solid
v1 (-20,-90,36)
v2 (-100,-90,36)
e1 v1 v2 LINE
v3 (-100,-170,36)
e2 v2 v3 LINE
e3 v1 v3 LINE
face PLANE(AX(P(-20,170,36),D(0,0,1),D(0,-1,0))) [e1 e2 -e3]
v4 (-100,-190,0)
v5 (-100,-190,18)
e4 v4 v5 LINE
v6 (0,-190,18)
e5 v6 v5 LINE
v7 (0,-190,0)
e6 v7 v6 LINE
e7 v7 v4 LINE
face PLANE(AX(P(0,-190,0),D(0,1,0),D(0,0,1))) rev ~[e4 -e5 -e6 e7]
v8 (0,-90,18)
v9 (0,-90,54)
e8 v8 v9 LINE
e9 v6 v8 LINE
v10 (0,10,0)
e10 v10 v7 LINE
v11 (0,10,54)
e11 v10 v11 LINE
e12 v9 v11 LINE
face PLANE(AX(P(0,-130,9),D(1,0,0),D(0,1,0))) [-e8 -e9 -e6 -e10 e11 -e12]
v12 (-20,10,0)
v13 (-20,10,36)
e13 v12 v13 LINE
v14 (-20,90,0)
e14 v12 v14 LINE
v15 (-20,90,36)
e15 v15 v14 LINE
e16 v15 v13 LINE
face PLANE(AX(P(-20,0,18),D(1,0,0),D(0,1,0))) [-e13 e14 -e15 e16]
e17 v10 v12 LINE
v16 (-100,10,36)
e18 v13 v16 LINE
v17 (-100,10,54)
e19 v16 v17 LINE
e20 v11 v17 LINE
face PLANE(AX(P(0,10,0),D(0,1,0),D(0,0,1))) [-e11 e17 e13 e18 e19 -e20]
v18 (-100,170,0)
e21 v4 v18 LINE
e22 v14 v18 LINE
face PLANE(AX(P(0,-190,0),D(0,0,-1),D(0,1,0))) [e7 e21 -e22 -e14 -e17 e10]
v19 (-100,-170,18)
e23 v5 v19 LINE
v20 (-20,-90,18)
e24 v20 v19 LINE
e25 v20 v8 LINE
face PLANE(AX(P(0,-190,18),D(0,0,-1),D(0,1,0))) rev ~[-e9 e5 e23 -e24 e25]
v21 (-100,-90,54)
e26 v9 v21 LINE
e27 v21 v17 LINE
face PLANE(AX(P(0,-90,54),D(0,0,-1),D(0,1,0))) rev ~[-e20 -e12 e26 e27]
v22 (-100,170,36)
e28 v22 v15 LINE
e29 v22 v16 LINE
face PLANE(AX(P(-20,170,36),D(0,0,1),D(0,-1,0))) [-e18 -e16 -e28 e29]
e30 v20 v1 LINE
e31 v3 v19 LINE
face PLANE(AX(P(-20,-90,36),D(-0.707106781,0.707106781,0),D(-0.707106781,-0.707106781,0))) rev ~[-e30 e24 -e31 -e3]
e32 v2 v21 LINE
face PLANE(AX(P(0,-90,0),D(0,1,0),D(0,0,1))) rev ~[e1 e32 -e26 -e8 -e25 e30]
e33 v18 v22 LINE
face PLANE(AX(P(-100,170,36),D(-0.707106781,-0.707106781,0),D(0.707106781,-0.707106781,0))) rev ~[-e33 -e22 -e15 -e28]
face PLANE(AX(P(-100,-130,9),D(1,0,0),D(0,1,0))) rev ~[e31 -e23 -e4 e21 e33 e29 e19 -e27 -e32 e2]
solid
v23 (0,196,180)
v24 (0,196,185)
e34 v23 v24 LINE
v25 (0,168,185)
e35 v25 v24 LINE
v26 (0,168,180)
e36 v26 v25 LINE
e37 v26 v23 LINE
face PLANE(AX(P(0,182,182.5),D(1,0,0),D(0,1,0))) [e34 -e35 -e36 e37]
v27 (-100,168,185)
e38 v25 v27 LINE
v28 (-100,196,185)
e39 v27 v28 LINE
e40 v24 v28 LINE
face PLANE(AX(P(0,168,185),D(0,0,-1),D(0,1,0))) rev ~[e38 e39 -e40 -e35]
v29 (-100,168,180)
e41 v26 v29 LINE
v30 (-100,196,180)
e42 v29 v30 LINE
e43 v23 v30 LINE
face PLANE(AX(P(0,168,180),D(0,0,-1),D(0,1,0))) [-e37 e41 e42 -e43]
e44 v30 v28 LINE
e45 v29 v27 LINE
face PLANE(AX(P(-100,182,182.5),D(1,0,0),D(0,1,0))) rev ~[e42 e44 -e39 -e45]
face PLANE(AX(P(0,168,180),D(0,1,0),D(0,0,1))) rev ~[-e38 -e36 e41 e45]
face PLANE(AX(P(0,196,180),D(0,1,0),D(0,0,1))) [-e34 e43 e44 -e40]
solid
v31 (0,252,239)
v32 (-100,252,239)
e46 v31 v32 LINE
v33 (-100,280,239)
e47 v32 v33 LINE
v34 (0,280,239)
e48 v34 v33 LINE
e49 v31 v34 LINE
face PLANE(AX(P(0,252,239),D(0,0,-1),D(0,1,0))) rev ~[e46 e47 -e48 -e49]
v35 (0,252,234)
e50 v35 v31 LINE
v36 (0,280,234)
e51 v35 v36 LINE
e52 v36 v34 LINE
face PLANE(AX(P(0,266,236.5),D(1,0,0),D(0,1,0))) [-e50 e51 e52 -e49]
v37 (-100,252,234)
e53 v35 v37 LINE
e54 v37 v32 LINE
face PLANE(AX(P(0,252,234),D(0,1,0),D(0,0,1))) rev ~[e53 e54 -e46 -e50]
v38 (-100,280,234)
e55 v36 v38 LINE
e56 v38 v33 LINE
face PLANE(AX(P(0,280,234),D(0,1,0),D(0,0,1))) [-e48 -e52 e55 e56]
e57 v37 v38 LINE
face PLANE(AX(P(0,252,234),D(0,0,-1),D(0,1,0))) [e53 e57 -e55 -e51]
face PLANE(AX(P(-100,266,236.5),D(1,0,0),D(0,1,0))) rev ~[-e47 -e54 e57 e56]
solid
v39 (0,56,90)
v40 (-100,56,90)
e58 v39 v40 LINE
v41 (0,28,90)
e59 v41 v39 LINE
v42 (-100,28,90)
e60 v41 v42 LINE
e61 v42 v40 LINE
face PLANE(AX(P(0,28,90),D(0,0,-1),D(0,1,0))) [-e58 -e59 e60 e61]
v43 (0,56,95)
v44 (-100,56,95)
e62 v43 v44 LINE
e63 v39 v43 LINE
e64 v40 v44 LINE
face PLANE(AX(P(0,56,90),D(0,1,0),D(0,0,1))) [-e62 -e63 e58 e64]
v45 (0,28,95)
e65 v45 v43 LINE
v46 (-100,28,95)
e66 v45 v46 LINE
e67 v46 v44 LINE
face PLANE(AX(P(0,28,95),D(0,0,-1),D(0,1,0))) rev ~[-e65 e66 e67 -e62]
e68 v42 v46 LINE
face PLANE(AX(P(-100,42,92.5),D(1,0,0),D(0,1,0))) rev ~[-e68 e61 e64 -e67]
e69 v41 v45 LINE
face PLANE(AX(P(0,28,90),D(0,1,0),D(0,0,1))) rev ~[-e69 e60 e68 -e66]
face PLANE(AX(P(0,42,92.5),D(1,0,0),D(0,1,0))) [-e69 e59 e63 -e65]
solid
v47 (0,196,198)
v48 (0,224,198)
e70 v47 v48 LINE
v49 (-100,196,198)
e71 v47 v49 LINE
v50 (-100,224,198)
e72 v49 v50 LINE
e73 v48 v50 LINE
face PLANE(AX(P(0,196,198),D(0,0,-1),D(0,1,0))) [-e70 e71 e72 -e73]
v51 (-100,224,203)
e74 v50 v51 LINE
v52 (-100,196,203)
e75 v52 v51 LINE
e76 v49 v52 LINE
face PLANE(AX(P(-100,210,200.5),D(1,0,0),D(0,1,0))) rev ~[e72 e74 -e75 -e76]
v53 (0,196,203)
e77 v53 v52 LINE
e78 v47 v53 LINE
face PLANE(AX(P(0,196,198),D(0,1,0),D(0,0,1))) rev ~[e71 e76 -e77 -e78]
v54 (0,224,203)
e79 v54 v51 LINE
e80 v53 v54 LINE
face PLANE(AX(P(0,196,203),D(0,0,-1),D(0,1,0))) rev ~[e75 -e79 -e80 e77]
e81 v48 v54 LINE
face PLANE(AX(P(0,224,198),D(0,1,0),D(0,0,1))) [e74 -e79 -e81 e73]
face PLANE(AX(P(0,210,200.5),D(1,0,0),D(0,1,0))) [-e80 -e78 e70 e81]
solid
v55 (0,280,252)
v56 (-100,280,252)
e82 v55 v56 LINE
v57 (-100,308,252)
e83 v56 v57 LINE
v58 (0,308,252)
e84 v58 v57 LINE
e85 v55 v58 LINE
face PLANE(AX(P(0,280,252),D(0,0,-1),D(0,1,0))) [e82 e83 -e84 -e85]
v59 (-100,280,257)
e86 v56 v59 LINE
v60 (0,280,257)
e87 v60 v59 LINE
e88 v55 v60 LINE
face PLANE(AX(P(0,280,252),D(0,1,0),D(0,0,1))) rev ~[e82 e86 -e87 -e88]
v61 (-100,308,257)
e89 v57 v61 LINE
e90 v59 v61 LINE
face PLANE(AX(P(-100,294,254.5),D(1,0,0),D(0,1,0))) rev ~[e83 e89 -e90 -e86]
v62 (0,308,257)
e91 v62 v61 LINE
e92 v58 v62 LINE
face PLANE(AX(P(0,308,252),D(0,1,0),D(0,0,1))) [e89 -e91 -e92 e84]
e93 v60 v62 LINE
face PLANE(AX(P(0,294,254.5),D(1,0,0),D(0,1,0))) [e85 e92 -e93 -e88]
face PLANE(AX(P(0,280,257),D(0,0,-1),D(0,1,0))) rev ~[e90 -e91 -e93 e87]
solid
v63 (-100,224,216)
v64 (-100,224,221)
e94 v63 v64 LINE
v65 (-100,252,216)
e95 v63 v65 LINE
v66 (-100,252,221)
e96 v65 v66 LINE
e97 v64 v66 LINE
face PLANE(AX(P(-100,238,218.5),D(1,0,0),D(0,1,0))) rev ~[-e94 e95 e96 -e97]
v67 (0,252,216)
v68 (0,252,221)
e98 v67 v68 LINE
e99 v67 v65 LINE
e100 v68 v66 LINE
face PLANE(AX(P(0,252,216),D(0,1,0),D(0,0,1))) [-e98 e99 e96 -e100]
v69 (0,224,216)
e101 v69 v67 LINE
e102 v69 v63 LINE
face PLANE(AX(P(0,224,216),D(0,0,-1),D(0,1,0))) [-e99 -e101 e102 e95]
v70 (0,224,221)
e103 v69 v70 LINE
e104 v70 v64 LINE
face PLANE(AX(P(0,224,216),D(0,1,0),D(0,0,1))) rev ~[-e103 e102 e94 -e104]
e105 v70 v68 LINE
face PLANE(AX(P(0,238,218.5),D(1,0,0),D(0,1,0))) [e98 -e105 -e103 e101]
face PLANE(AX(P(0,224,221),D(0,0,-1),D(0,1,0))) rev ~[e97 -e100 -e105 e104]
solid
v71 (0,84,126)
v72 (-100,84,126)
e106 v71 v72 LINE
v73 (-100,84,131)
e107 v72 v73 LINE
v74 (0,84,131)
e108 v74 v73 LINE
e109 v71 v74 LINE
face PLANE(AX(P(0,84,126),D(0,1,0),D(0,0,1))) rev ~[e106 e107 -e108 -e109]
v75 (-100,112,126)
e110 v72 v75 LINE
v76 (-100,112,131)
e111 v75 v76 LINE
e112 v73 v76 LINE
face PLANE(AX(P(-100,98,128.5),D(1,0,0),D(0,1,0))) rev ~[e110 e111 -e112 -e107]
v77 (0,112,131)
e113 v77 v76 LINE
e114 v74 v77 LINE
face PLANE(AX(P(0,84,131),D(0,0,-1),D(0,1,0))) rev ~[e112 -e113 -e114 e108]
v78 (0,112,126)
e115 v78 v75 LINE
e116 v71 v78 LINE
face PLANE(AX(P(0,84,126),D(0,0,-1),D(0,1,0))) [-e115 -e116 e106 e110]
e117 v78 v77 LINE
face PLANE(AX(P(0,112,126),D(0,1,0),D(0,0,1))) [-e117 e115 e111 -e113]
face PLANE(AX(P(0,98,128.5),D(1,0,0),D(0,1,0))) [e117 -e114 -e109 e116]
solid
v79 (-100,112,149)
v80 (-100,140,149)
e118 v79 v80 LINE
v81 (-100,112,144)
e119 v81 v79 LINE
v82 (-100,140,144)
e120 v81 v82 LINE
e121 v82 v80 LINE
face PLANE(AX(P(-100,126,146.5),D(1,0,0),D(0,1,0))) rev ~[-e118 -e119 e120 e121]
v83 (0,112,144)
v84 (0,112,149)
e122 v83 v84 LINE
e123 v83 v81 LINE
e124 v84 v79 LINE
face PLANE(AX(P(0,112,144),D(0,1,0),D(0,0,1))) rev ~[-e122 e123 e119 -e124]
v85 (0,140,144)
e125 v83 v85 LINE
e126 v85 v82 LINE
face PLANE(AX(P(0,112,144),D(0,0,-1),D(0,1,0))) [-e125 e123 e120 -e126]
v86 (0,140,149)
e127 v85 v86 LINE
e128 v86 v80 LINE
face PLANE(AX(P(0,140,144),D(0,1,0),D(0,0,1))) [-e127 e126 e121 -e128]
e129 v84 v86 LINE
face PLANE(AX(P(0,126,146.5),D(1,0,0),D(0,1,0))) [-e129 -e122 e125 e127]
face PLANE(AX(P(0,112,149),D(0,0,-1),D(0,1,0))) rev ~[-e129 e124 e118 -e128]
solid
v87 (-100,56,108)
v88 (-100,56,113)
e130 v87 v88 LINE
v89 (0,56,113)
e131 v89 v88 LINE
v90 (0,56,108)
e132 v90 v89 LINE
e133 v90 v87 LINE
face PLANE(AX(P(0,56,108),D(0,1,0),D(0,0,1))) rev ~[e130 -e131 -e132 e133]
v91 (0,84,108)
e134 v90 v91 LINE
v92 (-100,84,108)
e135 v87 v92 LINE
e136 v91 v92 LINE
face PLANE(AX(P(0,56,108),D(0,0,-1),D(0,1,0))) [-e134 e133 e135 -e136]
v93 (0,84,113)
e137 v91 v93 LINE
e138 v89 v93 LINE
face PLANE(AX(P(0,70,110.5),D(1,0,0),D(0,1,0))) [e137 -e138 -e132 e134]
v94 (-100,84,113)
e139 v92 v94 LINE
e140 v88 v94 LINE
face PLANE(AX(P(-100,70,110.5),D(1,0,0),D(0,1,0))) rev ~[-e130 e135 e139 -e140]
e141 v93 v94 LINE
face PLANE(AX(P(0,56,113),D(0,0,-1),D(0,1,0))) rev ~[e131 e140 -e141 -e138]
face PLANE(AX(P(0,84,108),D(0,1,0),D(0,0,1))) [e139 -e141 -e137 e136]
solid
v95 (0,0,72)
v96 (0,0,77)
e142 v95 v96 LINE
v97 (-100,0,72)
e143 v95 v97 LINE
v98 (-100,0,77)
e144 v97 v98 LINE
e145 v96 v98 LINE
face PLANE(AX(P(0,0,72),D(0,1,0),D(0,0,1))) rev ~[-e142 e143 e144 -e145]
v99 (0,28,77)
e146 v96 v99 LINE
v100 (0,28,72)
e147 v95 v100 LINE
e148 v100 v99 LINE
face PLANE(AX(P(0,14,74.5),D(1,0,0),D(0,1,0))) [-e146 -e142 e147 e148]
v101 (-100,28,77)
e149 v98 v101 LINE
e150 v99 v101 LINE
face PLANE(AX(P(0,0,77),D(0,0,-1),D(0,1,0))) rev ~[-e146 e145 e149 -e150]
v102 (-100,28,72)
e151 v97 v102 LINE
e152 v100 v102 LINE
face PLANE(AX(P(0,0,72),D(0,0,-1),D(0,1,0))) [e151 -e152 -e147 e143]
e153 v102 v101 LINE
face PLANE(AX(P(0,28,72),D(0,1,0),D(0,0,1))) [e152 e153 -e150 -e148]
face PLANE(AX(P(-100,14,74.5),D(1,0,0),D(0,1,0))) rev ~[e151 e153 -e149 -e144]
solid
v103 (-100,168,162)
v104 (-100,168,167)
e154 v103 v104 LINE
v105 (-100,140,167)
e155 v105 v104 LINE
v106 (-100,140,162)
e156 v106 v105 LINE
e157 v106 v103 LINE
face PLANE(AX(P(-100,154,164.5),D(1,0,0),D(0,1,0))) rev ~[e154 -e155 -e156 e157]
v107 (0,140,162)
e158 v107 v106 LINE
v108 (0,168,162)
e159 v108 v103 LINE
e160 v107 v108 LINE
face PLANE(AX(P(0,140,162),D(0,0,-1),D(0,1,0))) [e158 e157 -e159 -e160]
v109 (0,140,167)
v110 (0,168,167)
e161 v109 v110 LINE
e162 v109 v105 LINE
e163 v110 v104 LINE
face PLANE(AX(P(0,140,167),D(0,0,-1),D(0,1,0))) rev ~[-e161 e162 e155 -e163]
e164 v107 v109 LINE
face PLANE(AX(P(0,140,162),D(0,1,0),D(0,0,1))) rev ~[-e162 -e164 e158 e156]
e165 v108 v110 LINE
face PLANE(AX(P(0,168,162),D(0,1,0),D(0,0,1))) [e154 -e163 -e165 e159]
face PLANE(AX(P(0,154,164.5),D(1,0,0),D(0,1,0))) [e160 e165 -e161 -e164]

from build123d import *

# Parameters (mm, degrees)
F1_START  = -20
F1_DEPTH  = 80
F2_W      = 28
F2_H      = 5
F3_DEPTH  = 100
F4_W      = 120
F4_H      = 18
F5_DEPTH  = 100
F6_W      = 100
F6_H      = 54
F7_DEPTH  = 100
F9_DEPTH  = 18
F11_DEPTH = 86


with BuildPart() as f1:
    # F0 (on Right) → F1 (new body)
    with BuildSketch(Plane.YZ.offset(F1_START)):
        Polygon((-170, 36), (-170, 0), (0, 0), (170, 0), (170, 36), (0, 36), align=None)
    extrude(amount=-F1_DEPTH)

    # F4 (on Right) → F5 (join)
    with BuildSketch(Plane.YZ):
        with Locations((-130, 9)):
            Rectangle(F4_W, F4_H)
    extrude(amount=-F5_DEPTH)

    # F6 (on Right) → F7 (join)
    with BuildSketch(Plane.YZ):
        with Locations((-40, 27)):
            Rectangle(F6_W, F6_H)
    extrude(amount=-F7_DEPTH)

    # F8 (on face) → F9 (cut)
    with BuildSketch(Plane.XY.offset(36)):
        Polygon((-20, -90), (-100, -170), (-20, -170), align=None)
    extrude(amount=-F9_DEPTH, mode=Mode.SUBTRACT)

    # F10 (on face) → F11 (cut)
    with BuildSketch(Plane.XY.offset(36)):
        Polygon((-20, 170), (-100, 170), (-20, 90), align=None)
    extrude(amount=-F11_DEPTH, mode=Mode.SUBTRACT)


with BuildPart() as f3:
    # F2 (on Right) → F3 (new body)
    with BuildSketch(Plane.YZ):
        with Locations((14, 74.5)):
            Rectangle(F2_W, F2_H)
    extrude(amount=-F3_DEPTH)


with BuildPart() as f3b:
    # F2 (on Right) → F3, piece 2 (new body)
    with BuildSketch(Plane.YZ):
        with Locations((42, 92.5)):
            Rectangle(F2_W, F2_H)
    extrude(amount=-F3_DEPTH)


with BuildPart() as f3c:
    # F2 (on Right) → F3, piece 3 (new body)
    with BuildSketch(Plane.YZ):
        with Locations((70, 110.5)):
            Rectangle(F2_W, F2_H)
    extrude(amount=-F3_DEPTH)


with BuildPart() as f3d:
    # F2 (on Right) → F3, piece 4 (new body)
    with BuildSketch(Plane.YZ):
        with Locations((98, 128.5)):
            Rectangle(F2_W, F2_H)
    extrude(amount=-F3_DEPTH)


with BuildPart() as f3e:
    # F2 (on Right) → F3, piece 5 (new body)
    with BuildSketch(Plane.YZ):
        with Locations((126, 146.5)):
            Rectangle(F2_W, F2_H)
    extrude(amount=-F3_DEPTH)


with BuildPart() as f3f:
    # F2 (on Right) → F3, piece 6 (new body)
    with BuildSketch(Plane.YZ):
        with Locations((154, 164.5)):
            Rectangle(F2_W, F2_H)
    extrude(amount=-F3_DEPTH)


with BuildPart() as f3g:
    # F2 (on Right) → F3, piece 7 (new body)
    with BuildSketch(Plane.YZ):
        with Locations((182, 182.5)):
            Rectangle(F2_W, F2_H)
    extrude(amount=-F3_DEPTH)


with BuildPart() as f3h:
    # F2 (on Right) → F3, piece 8 (new body)
    with BuildSketch(Plane.YZ):
        with Locations((210, 200.5)):
            Rectangle(F2_W, F2_H)
    extrude(amount=-F3_DEPTH)


with BuildPart() as f3i:
    # F2 (on Right) → F3, piece 9 (new body)
    with BuildSketch(Plane.YZ):
        with Locations((238, 218.5)):
            Rectangle(F2_W, F2_H)
    extrude(amount=-F3_DEPTH)


with BuildPart() as f3j:
    # F2 (on Right) → F3, piece 10 (new body)
    with BuildSketch(Plane.YZ):
        with Locations((266, 236.5)):
            Rectangle(F2_W, F2_H)
    extrude(amount=-F3_DEPTH)


with BuildPart() as f3k:
    # F2 (on Right) → F3, piece 11 (new body)
    with BuildSketch(Plane.YZ):
        with Locations((294, 254.5)):
            Rectangle(F2_W, F2_H)
    extrude(amount=-F3_DEPTH)


solid = Compound([f1.part, f3.part, f3b.part, f3c.part, f3d.part, f3e.part, f3f.part, f3g.part, f3h.part, f3i.part, f3j.part, f3k.part])
